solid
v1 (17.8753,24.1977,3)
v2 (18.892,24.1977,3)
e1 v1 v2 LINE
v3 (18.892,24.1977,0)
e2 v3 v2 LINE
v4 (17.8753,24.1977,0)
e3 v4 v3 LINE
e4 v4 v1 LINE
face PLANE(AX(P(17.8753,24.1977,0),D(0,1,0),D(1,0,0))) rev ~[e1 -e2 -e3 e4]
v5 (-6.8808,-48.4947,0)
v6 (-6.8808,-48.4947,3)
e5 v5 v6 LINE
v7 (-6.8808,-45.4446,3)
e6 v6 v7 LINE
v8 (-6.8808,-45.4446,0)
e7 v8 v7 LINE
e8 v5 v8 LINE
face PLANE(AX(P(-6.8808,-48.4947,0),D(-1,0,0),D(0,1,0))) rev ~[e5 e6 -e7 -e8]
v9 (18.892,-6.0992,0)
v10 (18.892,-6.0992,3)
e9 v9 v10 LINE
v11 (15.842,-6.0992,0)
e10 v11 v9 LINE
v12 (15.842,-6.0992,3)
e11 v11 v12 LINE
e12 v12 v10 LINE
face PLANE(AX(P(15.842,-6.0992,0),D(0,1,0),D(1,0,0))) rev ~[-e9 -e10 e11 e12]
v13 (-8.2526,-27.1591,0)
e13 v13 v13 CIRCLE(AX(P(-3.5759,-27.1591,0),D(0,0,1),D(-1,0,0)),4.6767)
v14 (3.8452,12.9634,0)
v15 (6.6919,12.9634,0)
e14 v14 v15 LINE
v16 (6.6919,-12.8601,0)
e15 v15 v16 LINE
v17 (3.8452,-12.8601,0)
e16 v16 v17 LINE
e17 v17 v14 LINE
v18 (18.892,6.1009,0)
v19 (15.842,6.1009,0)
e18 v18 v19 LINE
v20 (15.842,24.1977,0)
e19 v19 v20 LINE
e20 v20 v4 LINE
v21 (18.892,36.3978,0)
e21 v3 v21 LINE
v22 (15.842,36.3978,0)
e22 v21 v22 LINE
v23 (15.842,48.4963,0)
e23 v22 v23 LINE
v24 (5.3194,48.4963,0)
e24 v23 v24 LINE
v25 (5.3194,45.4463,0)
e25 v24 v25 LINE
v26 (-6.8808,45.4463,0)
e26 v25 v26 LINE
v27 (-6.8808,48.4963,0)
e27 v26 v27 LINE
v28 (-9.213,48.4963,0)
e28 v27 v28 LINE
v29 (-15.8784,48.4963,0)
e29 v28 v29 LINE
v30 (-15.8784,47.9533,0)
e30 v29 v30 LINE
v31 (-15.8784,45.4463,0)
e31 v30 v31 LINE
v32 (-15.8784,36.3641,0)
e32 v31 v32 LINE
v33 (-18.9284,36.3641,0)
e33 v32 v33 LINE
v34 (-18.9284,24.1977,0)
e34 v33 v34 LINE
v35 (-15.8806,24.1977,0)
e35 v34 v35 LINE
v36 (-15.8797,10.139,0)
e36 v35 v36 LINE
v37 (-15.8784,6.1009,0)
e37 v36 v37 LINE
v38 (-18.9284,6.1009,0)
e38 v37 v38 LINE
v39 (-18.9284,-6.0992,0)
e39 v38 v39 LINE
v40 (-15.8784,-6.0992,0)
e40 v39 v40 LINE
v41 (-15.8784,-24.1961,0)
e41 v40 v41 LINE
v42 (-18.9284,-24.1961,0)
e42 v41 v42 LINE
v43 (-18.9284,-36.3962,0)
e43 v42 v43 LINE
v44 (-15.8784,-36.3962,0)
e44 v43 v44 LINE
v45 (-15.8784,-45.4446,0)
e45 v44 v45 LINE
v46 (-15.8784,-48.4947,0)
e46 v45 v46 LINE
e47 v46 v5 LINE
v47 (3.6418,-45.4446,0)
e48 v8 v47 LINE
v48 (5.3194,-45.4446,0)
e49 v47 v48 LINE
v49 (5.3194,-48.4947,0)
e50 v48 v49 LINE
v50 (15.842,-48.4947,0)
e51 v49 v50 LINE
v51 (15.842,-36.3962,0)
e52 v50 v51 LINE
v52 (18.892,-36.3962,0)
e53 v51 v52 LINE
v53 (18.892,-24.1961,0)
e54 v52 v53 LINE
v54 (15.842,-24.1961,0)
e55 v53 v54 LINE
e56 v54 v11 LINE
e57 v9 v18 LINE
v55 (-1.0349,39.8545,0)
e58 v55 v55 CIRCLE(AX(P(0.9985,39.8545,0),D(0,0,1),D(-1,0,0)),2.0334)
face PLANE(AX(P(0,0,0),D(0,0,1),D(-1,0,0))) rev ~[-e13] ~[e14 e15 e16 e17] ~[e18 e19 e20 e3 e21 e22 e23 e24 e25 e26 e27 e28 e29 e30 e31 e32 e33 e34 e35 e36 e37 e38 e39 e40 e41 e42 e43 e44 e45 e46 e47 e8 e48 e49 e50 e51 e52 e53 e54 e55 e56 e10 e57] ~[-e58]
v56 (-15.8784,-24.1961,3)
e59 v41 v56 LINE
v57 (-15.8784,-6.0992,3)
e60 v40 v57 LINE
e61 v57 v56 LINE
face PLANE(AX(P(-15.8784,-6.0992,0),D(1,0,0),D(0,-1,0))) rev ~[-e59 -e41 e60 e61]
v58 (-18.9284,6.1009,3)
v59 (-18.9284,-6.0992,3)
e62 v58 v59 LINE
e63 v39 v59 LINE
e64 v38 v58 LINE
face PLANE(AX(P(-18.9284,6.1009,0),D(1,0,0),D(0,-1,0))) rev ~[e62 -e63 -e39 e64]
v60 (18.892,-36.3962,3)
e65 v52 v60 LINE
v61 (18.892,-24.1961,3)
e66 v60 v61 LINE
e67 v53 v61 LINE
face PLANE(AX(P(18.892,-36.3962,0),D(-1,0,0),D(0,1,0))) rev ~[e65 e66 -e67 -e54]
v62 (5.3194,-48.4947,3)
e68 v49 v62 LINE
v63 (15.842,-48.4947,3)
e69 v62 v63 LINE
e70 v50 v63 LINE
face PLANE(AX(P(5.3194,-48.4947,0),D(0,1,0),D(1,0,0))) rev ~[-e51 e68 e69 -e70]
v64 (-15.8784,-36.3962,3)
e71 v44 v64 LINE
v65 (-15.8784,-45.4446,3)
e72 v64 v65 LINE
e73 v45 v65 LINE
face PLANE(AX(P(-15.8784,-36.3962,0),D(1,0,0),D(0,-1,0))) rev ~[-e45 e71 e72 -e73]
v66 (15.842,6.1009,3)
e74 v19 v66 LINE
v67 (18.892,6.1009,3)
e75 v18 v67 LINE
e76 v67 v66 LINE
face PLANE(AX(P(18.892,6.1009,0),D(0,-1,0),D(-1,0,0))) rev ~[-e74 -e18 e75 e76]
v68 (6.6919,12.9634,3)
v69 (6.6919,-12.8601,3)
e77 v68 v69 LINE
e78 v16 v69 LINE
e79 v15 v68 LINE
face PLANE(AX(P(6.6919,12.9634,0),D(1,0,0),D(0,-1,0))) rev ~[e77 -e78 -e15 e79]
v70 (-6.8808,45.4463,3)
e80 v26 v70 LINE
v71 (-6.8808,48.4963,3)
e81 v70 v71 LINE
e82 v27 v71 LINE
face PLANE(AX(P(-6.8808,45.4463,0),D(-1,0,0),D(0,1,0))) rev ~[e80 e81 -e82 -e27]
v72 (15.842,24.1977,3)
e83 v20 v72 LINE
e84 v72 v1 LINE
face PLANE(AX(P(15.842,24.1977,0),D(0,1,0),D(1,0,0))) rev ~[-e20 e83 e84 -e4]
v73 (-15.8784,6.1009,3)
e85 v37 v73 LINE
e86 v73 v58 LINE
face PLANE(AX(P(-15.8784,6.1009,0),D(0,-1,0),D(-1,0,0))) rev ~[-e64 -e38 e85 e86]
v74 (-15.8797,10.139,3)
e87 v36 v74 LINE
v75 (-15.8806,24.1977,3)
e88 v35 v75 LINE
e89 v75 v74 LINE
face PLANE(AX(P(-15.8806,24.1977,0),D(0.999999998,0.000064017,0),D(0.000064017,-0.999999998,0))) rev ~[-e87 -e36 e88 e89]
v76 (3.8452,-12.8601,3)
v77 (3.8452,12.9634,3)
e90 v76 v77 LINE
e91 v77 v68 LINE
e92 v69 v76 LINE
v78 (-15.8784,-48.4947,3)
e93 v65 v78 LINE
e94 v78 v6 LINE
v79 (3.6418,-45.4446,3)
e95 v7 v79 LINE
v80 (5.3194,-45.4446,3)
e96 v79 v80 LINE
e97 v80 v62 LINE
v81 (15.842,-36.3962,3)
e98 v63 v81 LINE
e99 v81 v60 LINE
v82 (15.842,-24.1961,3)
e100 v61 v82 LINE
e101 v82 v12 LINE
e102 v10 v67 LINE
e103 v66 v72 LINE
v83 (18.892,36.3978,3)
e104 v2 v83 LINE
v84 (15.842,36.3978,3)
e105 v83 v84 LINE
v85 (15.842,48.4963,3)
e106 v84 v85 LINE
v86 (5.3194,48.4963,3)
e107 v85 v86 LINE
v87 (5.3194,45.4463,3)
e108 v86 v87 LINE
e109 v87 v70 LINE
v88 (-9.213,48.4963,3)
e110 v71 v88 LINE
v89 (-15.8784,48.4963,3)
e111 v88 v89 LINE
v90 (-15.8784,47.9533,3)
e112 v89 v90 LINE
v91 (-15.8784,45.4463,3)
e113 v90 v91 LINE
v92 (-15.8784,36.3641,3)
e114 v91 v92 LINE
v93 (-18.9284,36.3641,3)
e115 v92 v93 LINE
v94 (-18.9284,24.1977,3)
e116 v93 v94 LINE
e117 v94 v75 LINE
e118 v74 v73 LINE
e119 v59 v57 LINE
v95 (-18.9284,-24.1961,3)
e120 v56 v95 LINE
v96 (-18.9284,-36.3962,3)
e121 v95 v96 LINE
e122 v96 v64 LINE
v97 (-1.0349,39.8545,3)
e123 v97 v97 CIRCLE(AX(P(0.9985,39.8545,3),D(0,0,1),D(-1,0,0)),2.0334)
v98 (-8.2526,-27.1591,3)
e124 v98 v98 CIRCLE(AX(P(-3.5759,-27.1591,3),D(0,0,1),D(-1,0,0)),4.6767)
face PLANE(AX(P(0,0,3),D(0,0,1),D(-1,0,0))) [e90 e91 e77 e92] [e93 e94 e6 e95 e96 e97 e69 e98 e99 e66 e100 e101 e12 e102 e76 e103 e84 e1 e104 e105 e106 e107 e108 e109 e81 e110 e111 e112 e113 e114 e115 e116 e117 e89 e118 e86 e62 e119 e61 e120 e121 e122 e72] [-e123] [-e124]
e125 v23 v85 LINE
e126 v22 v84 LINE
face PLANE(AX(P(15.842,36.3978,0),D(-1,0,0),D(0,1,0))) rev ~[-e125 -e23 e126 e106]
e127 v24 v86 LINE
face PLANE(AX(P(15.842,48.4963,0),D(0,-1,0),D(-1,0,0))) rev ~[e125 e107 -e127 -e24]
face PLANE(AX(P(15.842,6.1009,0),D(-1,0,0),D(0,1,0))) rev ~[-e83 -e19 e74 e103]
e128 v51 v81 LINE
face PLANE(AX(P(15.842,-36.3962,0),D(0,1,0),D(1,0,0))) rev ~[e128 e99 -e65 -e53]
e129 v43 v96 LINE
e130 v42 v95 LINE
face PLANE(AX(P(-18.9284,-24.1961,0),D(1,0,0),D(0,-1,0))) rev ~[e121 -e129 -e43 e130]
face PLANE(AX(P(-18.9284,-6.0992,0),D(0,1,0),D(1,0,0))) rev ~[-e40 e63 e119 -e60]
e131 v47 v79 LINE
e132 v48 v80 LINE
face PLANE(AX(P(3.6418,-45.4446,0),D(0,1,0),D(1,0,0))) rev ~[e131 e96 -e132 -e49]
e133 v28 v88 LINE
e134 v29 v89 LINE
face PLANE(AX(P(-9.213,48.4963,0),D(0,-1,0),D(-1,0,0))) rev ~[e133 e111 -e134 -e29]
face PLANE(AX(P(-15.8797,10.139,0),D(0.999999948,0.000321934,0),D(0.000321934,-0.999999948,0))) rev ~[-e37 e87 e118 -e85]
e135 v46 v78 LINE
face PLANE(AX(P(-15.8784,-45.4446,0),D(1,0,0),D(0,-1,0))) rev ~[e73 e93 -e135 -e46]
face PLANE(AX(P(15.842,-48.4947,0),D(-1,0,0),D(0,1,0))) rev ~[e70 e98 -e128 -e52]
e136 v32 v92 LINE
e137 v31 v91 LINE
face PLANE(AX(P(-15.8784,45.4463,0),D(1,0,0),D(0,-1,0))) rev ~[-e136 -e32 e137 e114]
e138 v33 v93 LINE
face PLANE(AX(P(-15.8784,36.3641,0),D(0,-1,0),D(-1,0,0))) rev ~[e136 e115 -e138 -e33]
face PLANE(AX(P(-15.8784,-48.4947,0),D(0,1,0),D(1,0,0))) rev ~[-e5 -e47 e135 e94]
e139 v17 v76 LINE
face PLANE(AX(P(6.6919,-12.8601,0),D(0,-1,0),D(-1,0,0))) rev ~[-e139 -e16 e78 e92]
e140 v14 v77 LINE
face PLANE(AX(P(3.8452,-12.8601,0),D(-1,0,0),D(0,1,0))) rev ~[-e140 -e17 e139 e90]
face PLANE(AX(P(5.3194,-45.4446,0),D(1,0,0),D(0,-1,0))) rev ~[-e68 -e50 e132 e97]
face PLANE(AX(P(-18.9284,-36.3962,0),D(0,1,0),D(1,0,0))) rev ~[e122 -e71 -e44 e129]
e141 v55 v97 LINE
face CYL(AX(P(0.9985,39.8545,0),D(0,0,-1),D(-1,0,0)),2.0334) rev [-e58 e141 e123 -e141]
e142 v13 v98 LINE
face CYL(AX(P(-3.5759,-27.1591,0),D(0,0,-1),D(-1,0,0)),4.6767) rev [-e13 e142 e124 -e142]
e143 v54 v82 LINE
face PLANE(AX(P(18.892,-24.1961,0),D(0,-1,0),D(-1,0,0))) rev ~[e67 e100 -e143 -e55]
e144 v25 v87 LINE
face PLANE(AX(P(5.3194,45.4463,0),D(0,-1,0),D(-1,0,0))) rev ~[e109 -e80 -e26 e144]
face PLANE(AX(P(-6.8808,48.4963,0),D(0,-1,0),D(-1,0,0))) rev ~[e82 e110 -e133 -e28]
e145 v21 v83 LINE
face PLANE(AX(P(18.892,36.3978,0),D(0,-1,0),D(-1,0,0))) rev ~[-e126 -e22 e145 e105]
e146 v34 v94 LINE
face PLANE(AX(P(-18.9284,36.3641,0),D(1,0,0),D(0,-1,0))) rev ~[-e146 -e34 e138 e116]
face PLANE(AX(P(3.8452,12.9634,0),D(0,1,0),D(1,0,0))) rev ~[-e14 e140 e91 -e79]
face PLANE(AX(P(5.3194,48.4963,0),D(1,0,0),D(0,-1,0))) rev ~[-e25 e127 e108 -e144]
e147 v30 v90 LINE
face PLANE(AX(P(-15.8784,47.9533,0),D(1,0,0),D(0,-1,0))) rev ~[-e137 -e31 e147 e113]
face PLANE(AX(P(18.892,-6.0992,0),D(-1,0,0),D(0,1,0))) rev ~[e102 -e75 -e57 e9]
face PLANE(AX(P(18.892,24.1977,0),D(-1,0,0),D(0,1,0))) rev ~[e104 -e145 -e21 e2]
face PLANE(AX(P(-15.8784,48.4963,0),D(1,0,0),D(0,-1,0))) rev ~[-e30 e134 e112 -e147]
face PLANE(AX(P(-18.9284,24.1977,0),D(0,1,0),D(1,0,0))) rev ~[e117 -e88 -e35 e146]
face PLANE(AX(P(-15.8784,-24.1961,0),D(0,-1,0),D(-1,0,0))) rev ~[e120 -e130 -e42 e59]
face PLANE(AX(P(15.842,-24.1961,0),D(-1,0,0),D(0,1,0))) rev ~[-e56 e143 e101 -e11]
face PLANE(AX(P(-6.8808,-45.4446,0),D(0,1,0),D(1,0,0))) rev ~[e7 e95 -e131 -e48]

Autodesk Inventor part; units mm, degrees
ref_plane "YZ Plane" through (0, 0, 0) normal (1, 0, 0) x (0, 1, 0)
ref_plane "XZ Plane" through (0, 0, 0) normal (0, 1, 0) x (-1, 0, 0)
ref_plane "XY Plane" through (0, 0, 0) normal (0, 0, 1) x (1, 0, 0)
sketch "Boceto1" plane through (0, 0, 0) normal (0, 0, 1) x (-1, 0, 0)
  line L0 (-18.892, -36.3978) -> (-15.842, -36.3978)
  line L1 (-15.842, -36.3978) -> (-15.842, -48.4963)
  line L2 (-15.842, -48.4963) -> (-5.3194, -48.4963)
  line L3 (-5.3194, -48.4963) -> (-5.3194, -45.4463)
  line L4 (-5.3194, -45.4463) -> (6.8808, -45.4463)
  line L5 (6.8808, -45.4463) -> (6.8808, -48.4963)
  line L6 (6.8808, -48.4963) -> (9.213, -48.4963)
  line L7 (9.213, -48.4963) -> (15.8784, -48.4963)
  line L8 (15.8784, -48.4963) -> (15.8784, -47.9533)
  line L9 (15.8784, -47.9533) -> (15.8784, -45.4463)
  line L10 (15.8784, -45.4463) -> (15.8784, -36.3641)
  line L11 (15.8784, -36.3641) -> (18.9284, -36.3641)
  line L12 (18.9284, -36.3641) -> (18.9284, -24.1977)
  line L13 (18.9288, -24.1977) -> (15.8806, -24.1977)
  line L14 (15.8761, -24.2652) -> (15.8784, -24.1977)
  line L15 (15.8806, -24.1977) -> (15.8797, -10.139)
  line L16 (15.8797, -10.139) -> (15.8784, -6.1009)
  line L17 (15.8761, -6.1684) -> (15.8784, -6.1009)
  line L18 (15.8784, -6.1009) -> (18.9284, -6.1009)
  line L19 (18.9284, -6.1009) -> (18.9284, 6.0992)
  line L20 (18.9284, 6.0992) -> (15.8784, 6.0992)
  line L21 (15.8784, 6.0992) -> (15.8784, 24.1961)
  line L22 (15.8784, 24.1961) -> (18.9284, 24.1961)
  line L23 (18.9284, 24.1961) -> (18.9284, 36.3962)
  line L24 (18.9284, 36.3962) -> (15.8784, 36.3962)
  line L25 (15.8784, 36.3962) -> (15.8784, 45.4446)
  line L26 (15.8784, 45.4446) -> (15.8784, 48.4947)
  line L27 (15.8784, 48.4947) -> (6.8808, 48.4947)
  line L28 (6.8808, 48.4947) -> (6.8808, 45.4446)
  line L29 (6.8808, 45.4446) -> (-3.6418, 45.4446)
  line L30 (-3.6418, 45.4446) -> (-5.3194, 45.4446)
  line L31 (-5.3194, 45.4446) -> (-5.3194, 48.4947)
  line L32 (-5.3194, 48.4947) -> (-15.842, 48.4947)
  line L33 (-15.842, 48.4947) -> (-15.842, 36.3962)
  line L34 (-15.842, 36.3962) -> (-18.892, 36.3962)
  line L35 (-18.892, 36.3962) -> (-18.892, 24.1961)
  line L36 (-18.892, 24.1961) -> (-15.842, 24.1961)
  line L37 (-15.842, 24.1961) -> (-15.842, 6.0992)
  line L38 (-15.842, 6.0992) -> (-18.892, 6.0992)
  line L39 (-18.892, 6.0992) -> (-18.892, -6.1009)
  line L40 (-18.892, -6.1009) -> (-15.842, -6.1009)
  line L41 (-15.842, -6.1009) -> (-15.842, -24.1977)
  line L42 (-15.842, -24.1977) -> (-17.8753, -24.1977)
  line L43 (-17.8753, -24.1977) -> (-18.892, -24.1977)
  line L44 (-18.892, -24.1977) -> (-18.892, -36.3978)
  line L45 (-6.6919, -12.9634) -> (-6.6919, 12.8601)
  line L46 (-6.6919, 12.8601) -> (-3.8452, 12.8601)
  line L47 (-3.8452, 12.8601) -> (-3.8452, -12.9634)
  line L48 (-3.8452, -12.9634) -> (-6.6919, -12.9634)
  circle A0 centre (3.5759, 27.1591) radius 4.6767
  circle A1 centre (-0.9985, -39.8545) radius 2.0334
  point P0 (0, 0)
  dimension "d2" = 37.8204
  dimension "d3" = 96.991
extrude "Extrusión1" add sketch "Boceto1" along normal blind 3
properties part number "costat1"
